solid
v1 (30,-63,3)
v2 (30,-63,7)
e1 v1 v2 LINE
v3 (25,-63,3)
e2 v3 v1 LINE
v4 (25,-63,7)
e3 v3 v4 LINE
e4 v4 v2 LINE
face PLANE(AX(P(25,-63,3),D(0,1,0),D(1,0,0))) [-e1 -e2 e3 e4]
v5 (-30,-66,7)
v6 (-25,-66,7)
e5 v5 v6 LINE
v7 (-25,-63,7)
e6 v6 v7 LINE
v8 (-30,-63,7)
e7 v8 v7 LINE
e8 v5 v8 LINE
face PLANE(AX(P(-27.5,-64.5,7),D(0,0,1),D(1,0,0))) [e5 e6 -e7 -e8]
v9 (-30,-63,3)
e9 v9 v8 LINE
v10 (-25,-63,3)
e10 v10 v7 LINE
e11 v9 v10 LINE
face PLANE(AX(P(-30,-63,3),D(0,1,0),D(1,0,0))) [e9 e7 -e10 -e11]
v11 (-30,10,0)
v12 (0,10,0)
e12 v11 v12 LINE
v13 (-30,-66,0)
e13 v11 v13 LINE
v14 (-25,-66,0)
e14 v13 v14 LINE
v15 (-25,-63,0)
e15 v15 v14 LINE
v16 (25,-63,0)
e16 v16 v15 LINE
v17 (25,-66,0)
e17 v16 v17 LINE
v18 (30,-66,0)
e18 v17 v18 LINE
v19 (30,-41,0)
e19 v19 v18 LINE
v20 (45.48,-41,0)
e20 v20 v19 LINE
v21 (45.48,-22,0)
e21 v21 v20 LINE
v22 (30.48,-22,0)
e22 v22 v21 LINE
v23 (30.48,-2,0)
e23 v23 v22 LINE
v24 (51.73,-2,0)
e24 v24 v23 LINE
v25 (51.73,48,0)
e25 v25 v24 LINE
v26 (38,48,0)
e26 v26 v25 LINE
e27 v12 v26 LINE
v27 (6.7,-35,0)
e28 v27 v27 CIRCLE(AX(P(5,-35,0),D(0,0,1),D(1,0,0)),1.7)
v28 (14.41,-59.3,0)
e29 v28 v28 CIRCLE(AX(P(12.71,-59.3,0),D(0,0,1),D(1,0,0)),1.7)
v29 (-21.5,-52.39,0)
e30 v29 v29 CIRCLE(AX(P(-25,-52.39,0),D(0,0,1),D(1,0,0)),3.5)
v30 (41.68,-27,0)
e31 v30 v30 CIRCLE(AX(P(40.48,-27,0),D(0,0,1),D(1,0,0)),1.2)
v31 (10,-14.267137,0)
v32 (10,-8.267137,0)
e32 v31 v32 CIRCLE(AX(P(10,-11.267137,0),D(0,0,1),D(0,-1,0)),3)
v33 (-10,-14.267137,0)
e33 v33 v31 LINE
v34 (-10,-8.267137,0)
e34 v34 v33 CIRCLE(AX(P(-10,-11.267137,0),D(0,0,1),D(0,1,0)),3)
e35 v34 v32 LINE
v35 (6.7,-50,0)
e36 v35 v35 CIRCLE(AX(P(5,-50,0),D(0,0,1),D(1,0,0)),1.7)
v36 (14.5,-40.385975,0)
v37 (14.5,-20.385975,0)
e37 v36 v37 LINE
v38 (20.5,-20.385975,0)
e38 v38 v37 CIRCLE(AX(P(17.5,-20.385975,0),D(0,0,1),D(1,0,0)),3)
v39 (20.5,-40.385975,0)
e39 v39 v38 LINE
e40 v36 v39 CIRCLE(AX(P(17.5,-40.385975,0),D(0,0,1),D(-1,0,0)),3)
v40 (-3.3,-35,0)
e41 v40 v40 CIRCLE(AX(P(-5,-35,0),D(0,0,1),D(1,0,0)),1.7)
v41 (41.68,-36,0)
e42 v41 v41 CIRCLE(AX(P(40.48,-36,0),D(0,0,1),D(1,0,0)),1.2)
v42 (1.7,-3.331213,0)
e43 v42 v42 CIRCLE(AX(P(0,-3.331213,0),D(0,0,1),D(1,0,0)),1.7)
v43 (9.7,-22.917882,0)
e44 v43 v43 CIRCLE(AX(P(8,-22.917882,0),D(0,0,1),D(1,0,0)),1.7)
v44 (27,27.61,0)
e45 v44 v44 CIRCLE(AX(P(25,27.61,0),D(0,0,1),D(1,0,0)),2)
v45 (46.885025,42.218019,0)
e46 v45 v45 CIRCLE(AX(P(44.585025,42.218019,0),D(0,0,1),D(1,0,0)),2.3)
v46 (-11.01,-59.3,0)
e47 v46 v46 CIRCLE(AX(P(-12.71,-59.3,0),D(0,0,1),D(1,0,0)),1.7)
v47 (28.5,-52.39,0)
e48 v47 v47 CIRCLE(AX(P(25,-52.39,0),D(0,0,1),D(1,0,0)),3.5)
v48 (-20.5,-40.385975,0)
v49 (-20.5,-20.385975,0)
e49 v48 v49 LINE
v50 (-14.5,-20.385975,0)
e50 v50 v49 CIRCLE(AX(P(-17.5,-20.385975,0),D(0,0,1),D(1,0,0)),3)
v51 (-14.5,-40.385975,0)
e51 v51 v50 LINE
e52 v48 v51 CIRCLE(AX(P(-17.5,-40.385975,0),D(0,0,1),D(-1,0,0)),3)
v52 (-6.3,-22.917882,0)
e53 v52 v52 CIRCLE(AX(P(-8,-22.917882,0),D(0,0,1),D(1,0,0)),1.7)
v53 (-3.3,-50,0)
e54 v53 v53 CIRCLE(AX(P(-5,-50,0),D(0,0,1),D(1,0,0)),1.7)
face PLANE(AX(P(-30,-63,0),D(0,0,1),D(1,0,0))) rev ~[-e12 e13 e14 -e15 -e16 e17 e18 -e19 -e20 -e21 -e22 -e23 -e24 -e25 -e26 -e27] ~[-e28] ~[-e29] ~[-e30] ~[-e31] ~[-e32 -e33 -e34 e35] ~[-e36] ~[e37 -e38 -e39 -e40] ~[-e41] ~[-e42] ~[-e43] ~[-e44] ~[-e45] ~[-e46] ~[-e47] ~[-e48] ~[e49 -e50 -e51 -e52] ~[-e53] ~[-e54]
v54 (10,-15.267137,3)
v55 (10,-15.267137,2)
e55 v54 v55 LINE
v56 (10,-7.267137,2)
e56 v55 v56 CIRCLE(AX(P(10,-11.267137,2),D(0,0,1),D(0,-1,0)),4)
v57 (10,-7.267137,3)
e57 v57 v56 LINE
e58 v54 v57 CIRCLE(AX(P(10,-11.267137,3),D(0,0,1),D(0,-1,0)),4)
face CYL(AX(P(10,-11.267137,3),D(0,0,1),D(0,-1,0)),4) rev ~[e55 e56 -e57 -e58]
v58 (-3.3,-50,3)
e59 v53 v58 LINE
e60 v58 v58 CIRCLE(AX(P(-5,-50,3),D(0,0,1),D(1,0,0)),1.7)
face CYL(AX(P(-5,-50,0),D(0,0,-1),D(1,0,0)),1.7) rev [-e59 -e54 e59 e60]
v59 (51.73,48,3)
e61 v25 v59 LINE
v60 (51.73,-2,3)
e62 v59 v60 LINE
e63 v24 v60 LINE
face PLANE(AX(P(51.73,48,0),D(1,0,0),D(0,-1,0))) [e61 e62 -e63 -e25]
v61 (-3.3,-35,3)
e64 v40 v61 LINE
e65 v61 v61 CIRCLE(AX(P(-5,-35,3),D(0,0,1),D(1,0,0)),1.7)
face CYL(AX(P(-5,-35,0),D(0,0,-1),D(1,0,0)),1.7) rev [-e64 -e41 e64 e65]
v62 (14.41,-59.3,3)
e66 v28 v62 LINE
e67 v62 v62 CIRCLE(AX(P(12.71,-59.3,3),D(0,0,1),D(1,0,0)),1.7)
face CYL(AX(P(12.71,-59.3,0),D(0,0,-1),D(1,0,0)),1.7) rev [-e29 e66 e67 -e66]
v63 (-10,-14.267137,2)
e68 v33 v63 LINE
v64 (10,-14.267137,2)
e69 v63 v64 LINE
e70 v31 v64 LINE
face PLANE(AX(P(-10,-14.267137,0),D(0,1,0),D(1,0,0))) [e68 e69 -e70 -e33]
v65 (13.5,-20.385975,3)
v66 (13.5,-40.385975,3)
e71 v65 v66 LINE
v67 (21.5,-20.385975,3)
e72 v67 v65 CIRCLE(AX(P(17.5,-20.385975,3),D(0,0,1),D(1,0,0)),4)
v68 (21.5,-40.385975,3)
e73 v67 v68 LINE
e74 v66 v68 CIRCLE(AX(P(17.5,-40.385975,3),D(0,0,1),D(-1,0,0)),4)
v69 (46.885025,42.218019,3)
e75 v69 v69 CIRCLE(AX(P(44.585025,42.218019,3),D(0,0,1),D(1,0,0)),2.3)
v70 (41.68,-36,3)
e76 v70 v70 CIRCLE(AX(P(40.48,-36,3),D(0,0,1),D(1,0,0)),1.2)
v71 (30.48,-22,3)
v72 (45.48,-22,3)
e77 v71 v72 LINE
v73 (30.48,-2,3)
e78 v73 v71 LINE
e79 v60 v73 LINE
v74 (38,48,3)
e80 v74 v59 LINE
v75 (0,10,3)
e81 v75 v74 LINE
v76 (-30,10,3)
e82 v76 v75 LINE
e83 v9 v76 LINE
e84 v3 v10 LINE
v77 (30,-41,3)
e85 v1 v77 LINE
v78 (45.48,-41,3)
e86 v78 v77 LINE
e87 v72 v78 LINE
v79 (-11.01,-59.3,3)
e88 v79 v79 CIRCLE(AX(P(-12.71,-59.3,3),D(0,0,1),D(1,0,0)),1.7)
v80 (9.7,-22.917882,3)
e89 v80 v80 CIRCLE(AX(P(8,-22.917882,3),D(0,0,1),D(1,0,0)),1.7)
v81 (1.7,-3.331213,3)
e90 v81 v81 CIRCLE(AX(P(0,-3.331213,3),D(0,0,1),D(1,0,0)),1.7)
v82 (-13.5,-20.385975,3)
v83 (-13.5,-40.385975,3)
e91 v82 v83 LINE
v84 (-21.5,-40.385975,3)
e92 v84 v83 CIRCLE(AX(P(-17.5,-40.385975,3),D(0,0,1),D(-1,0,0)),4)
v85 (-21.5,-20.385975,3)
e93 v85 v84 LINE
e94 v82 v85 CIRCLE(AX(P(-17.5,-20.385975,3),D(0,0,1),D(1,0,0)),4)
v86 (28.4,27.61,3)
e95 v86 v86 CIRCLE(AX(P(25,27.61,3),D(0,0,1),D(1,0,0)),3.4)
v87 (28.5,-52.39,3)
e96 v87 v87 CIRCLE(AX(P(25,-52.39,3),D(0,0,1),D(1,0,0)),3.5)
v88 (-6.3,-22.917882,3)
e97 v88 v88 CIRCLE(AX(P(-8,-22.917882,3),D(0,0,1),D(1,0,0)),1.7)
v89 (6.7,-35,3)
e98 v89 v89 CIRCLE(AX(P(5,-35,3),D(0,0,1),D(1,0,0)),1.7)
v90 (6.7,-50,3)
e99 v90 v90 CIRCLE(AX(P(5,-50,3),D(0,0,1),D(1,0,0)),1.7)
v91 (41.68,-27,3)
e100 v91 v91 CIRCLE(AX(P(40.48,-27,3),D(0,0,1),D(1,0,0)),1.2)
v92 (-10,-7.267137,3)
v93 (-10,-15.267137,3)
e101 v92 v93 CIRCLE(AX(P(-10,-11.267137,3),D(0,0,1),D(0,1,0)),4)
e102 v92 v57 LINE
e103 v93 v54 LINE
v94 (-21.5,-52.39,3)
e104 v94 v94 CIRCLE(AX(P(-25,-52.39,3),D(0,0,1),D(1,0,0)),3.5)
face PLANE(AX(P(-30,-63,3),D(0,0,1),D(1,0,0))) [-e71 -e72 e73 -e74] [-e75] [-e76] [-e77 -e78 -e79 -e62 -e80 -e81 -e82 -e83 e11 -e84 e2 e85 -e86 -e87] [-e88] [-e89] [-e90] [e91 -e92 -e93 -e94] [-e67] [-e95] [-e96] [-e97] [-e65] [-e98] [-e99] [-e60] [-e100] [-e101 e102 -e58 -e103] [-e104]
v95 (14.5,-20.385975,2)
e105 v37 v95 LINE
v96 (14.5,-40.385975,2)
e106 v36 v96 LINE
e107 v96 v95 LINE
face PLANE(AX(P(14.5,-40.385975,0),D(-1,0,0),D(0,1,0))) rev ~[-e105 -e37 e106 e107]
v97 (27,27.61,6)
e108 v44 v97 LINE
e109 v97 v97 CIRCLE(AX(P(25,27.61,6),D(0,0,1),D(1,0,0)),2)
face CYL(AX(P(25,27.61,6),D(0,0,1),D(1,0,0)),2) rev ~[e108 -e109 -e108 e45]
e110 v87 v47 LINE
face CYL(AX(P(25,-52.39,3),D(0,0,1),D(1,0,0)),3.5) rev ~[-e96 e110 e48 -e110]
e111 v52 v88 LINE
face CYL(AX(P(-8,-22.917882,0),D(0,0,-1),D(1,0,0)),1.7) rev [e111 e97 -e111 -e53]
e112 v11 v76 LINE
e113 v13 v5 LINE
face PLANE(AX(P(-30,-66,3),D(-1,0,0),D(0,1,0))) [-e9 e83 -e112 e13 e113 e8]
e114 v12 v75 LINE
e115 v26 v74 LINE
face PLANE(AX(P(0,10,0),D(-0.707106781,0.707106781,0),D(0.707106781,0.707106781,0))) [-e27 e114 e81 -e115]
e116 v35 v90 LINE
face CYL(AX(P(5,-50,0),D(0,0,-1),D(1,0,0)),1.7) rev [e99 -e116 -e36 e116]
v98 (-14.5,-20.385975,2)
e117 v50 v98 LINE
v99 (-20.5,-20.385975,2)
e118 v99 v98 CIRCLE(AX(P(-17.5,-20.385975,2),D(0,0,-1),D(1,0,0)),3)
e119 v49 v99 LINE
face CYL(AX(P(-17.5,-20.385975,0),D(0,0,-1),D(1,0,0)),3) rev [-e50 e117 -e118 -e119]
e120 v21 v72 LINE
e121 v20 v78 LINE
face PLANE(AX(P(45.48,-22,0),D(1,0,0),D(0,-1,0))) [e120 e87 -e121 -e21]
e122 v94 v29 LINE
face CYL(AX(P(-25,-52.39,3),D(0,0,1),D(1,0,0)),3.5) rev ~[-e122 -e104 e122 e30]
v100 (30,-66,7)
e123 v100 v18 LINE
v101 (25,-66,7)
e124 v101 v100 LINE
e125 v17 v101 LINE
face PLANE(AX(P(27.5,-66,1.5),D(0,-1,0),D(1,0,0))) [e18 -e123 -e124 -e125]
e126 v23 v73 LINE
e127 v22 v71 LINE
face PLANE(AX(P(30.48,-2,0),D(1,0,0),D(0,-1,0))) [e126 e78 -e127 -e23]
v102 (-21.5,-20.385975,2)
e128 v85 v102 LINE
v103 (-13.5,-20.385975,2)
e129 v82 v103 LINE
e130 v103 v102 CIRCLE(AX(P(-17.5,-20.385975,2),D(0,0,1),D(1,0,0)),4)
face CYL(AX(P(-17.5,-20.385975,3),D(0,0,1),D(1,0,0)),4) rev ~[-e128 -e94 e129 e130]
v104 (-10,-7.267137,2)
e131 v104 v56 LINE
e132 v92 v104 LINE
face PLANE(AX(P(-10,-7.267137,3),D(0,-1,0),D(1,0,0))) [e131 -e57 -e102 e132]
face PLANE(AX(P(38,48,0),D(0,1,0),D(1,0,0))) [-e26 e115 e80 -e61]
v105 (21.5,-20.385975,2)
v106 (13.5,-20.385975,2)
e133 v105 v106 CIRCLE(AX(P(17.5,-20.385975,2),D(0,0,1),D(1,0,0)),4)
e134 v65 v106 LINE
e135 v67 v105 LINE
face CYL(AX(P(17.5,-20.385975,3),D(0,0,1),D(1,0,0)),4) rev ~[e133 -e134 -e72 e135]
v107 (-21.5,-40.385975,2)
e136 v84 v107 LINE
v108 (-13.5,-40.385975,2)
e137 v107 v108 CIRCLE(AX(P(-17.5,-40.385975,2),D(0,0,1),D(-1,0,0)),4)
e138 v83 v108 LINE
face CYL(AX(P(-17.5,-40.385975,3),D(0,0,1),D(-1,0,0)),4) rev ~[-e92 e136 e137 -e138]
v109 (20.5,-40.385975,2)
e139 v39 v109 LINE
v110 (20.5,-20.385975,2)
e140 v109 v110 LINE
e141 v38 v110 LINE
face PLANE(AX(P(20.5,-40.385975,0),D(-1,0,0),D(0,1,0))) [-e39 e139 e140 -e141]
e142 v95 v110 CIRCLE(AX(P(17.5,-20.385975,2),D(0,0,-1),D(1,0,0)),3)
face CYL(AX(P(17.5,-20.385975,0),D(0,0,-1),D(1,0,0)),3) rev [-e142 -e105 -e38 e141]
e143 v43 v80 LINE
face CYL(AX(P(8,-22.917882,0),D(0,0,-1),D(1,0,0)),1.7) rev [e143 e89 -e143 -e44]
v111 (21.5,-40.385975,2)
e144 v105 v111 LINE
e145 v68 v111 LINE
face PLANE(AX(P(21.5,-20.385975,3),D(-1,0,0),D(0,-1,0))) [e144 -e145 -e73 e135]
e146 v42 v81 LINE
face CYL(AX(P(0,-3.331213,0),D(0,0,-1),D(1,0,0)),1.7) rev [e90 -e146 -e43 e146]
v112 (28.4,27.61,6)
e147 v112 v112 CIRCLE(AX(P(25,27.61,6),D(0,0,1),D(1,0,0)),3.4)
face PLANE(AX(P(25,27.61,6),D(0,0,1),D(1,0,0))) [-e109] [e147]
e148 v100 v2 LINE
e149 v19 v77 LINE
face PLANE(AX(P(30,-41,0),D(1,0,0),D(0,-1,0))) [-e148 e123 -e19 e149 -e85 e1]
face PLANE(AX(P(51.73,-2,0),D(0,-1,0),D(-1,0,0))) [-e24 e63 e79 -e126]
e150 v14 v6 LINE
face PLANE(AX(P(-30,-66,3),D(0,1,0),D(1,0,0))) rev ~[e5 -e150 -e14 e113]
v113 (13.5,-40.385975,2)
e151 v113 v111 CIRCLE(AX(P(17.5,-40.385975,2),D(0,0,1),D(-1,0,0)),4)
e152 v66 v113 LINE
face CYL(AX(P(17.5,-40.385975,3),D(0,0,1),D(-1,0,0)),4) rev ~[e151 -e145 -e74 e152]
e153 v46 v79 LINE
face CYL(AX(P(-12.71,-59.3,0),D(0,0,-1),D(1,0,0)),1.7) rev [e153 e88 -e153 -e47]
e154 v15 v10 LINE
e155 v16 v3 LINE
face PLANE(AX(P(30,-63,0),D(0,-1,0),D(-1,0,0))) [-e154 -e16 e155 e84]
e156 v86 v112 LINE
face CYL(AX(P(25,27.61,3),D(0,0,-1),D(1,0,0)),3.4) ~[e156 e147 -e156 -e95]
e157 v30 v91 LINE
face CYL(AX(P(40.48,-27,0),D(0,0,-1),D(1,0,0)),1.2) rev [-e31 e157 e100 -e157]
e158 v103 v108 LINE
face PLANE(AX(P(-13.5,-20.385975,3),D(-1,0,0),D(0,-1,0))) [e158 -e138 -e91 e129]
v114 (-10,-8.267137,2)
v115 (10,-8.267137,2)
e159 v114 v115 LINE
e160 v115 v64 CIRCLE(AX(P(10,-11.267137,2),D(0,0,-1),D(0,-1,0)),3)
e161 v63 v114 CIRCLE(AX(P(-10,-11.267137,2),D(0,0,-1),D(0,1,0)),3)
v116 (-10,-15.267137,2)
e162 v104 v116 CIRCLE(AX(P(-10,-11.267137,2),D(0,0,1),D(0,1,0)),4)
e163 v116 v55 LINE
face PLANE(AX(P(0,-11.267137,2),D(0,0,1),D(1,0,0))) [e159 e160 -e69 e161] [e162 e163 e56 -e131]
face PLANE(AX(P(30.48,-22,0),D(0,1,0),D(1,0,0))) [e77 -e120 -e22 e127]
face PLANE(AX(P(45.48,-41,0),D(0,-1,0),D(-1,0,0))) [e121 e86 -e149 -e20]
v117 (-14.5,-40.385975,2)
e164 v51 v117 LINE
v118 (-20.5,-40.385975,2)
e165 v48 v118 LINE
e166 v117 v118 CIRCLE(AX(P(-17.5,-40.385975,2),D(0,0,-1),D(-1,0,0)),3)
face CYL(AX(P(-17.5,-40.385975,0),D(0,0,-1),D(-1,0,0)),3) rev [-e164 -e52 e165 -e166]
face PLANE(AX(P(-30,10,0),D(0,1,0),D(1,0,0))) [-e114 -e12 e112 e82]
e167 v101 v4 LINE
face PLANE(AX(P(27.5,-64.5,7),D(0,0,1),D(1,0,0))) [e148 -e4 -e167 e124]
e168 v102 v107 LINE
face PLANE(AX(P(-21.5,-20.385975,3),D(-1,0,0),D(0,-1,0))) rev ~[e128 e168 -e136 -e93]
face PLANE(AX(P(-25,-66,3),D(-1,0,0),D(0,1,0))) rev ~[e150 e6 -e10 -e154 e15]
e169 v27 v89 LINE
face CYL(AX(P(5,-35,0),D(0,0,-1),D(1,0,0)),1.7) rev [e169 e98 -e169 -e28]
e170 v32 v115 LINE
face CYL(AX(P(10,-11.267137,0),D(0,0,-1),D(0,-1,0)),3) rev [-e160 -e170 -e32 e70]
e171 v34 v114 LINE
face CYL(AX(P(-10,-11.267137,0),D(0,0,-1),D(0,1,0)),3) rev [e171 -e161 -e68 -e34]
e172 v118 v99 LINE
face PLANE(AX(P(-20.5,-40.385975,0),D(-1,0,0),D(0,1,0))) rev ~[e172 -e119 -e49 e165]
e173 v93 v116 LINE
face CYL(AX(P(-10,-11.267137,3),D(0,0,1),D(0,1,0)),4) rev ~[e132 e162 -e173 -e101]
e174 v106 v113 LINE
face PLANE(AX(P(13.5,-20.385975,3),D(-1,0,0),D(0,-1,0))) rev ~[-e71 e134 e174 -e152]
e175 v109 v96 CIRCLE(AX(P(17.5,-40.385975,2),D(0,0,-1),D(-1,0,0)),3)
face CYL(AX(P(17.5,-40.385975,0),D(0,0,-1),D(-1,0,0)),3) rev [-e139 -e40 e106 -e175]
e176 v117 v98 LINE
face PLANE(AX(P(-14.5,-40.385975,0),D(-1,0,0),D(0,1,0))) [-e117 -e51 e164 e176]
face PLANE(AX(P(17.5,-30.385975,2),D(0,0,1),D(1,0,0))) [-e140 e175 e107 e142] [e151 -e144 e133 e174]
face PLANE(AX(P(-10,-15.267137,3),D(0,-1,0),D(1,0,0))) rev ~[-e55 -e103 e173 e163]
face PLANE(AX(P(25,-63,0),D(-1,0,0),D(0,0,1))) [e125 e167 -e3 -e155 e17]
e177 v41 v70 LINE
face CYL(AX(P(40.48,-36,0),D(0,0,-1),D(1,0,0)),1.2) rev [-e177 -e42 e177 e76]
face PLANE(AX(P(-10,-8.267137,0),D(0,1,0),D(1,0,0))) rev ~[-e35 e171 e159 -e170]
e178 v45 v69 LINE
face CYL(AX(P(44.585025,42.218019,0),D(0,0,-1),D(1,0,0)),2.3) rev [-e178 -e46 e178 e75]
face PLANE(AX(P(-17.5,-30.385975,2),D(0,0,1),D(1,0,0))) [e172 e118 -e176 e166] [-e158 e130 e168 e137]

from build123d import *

# Parameters (mm, degrees)
SKETCH_R        = 2.3
SKETCH_R_2      = 1.7
SKETCH_R_3      = 1.2
PAD_DEPTH       = 3
SKETCH004_R     = 2.345013
SKETCH004_R_2   = 1.7
POCKET004_DEPTH = 5
SKETCH003_R     = 3.5
SKETCH003_R_2   = 2
POCKET005_DEPTH = 5
SKETCH005_R     = 3.4
PAD001_DEPTH    = 3
SKETCH006_R     = 2
POCKET_DEPTH    = 8
SKETCH009_R     = 2
POCKET007_DEPTH = 3
POCKET008_DEPTH = 1
SKETCH011_W     = 5
SKETCH011_H     = 3
PAD003_DEPTH    = 3
SKETCH012_W     = 5
SKETCH012_H     = 3
PAD004_DEPTH    = 4


with BuildPart() as part:
    # Sketch → Pad (new body)
    with BuildSketch(Plane.XY):
        Polygon((30, -63), (-30, -63), (-30, 10), (0, 10), (38, 48), (51.73, 48), (51.73, -2), (30.48, -2), (30.48, -22), (45.48, -22), (45.48, -41), (30, -41), align=None)
        with Locations((44.585025, 42.218019)):
            Circle(SKETCH_R, mode=Mode.SUBTRACT)
        with Locations((-12.71, -59.3)):
            Circle(SKETCH_R_2, mode=Mode.SUBTRACT)
        with Locations((12.71, -59.3)):
            Circle(SKETCH_R_2, mode=Mode.SUBTRACT)
        with Locations((0, -3.331213)):
            Circle(SKETCH_R_2, mode=Mode.SUBTRACT)
        with Locations((-8, -22.917882)):
            Circle(SKETCH_R_2, mode=Mode.SUBTRACT)
        with Locations((8, -22.917882)):
            Circle(SKETCH_R_2, mode=Mode.SUBTRACT)
        with Locations((40.48, -27)):
            Circle(SKETCH_R_3, mode=Mode.SUBTRACT)
        with Locations((40.48, -36)):
            Circle(SKETCH_R_3, mode=Mode.SUBTRACT)
        with Locations((-5, -35)):
            Circle(SKETCH_R_2, mode=Mode.SUBTRACT)
        with Locations((5, -35)):
            Circle(SKETCH_R_2, mode=Mode.SUBTRACT)
        with Locations((-5, -50)):
            Circle(SKETCH_R_2, mode=Mode.SUBTRACT)
        with Locations((5, -50)):
            Circle(SKETCH_R_2, mode=Mode.SUBTRACT)
        with BuildLine():
            ThreePointArc((-20.5, -40.385975), (-17.5, -43.385975), (-14.5, -40.385975))
            Line((-14.5, -40.385975), (-14.5, -20.385975))
            ThreePointArc((-14.5, -20.385975), (-17.5, -17.385975), (-20.5, -20.385975))
            Line((-20.5, -40.385975), (-20.5, -20.385975))
        make_face(mode=Mode.SUBTRACT)
        with BuildLine():
            ThreePointArc((14.5, -40.385975), (17.5, -43.385975), (20.5, -40.385975))
            Line((20.5, -40.385975), (20.5, -20.385975))
            ThreePointArc((20.5, -20.385975), (17.5, -17.385975), (14.5, -20.385975))
            Line((14.5, -40.385975), (14.5, -20.385975))
        make_face(mode=Mode.SUBTRACT)
        with BuildLine():
            ThreePointArc((-10, -8.267137), (-13, -11.267137), (-10, -14.267137))
            Line((-10, -14.267137), (10, -14.267137))
            ThreePointArc((10, -14.267137), (13, -11.267137), (10, -8.267137))
            Line((-10, -8.267137), (10, -8.267137))
        make_face(mode=Mode.SUBTRACT)
    extrude(amount=PAD_DEPTH)

    # Sketch004 → Pocket004 (cut)
    with BuildSketch(Plane.XY):
        with Locations((-5, -35)):
            Circle(SKETCH004_R)
        with Locations((-5, -35)):
            Circle(SKETCH004_R_2, mode=Mode.SUBTRACT)
        with Locations((5, -35)):
            Circle(SKETCH004_R_2)
        with Locations((5, -50)):
            Circle(SKETCH004_R_2)
        with Locations((-5, -50)):
            Circle(SKETCH004_R_2)
    extrude(amount=-POCKET004_DEPTH, mode=Mode.SUBTRACT)

    # Sketch003 → Pocket005 (cut)
    with BuildSketch(Plane.XY.offset(3)):
        with Locations((-25, -52.39)):
            Circle(SKETCH003_R)
        with Locations((25, -52.39)):
            Circle(SKETCH003_R)
        with Locations((25, 27.61)):
            Circle(SKETCH003_R_2)
    extrude(amount=-POCKET005_DEPTH, mode=Mode.SUBTRACT)

    # Sketch005 (on Face5 of Pocket005) → Pad001 (join)
    with BuildSketch(Plane.XY.offset(3)):
        with Locations((25, 27.61)):
            Circle(SKETCH005_R)
    extrude(amount=PAD001_DEPTH)

    # Sketch006 (on Face45 of Pad001) → Pocket (cut)
    with BuildSketch(Plane.XY.offset(6)):
        with Locations((25, 27.61)):
            Circle(SKETCH006_R)
    extrude(amount=-POCKET_DEPTH, mode=Mode.SUBTRACT)

    # Sketch009 → Pocket007 (cut)
    with BuildSketch(Plane.XY.offset(4.5)):
        with Locations((25, 27.61)):
            Circle(SKETCH009_R)
    extrude(amount=-POCKET007_DEPTH, mode=Mode.SUBTRACT)

    # Sketch010 (on Face5 of Pocket007) → Pocket008 (cut)
    with BuildSketch(Plane.XY.offset(3)):
        with BuildLine():
            ThreePointArc((-13.5, -20.385975), (-17.5, -16.385975), (-21.5, -20.385975))
            Line((-21.5, -20.385975), (-21.5, -40.385975))
            ThreePointArc((-21.5, -40.385975), (-17.5, -44.385975), (-13.5, -40.385975))
            Line((-13.5, -20.385975), (-13.5, -40.385975))
        make_face()
        with BuildLine():
            ThreePointArc((-10, -7.267137), (-14, -11.267137), (-10, -15.267137))
            Line((-10, -15.267137), (10, -15.267137))
            ThreePointArc((10, -15.267137), (14, -11.267137), (10, -7.267137))
            Line((-10, -7.267137), (10, -7.267137))
        make_face()
        with BuildLine():
            ThreePointArc((21.5, -20.385975), (17.5, -16.385975), (13.5, -20.385975))
            Line((13.5, -20.385975), (13.5, -40.385975))
            ThreePointArc((13.5, -40.385975), (17.5, -44.385975), (21.5, -40.385975))
            Line((21.5, -20.385975), (21.5, -40.385975))
        make_face()
    extrude(amount=-POCKET008_DEPTH, mode=Mode.SUBTRACT)

    # Sketch011 (on Face13 of Pocket008) → Pad003 (join)
    with BuildSketch(Plane.XZ.offset(63)):
        with Locations((-27.5, 1.5)):
            Rectangle(SKETCH011_W, SKETCH011_H)
        with Locations((27.5, 1.5)):
            Rectangle(SKETCH011_W, SKETCH011_H)
    extrude(amount=PAD003_DEPTH)

    # Sketch012 (on Face45 of Pad003) → Pad004 (join)
    with BuildSketch(Plane.XY.offset(3)):
        with Locations((-27.5, -64.5)):
            Rectangle(SKETCH012_W, SKETCH012_H)
        with Locations((27.5, -64.5)):
            Rectangle(SKETCH012_W, SKETCH012_H)
    extrude(amount=PAD004_DEPTH)


solid = part.part
